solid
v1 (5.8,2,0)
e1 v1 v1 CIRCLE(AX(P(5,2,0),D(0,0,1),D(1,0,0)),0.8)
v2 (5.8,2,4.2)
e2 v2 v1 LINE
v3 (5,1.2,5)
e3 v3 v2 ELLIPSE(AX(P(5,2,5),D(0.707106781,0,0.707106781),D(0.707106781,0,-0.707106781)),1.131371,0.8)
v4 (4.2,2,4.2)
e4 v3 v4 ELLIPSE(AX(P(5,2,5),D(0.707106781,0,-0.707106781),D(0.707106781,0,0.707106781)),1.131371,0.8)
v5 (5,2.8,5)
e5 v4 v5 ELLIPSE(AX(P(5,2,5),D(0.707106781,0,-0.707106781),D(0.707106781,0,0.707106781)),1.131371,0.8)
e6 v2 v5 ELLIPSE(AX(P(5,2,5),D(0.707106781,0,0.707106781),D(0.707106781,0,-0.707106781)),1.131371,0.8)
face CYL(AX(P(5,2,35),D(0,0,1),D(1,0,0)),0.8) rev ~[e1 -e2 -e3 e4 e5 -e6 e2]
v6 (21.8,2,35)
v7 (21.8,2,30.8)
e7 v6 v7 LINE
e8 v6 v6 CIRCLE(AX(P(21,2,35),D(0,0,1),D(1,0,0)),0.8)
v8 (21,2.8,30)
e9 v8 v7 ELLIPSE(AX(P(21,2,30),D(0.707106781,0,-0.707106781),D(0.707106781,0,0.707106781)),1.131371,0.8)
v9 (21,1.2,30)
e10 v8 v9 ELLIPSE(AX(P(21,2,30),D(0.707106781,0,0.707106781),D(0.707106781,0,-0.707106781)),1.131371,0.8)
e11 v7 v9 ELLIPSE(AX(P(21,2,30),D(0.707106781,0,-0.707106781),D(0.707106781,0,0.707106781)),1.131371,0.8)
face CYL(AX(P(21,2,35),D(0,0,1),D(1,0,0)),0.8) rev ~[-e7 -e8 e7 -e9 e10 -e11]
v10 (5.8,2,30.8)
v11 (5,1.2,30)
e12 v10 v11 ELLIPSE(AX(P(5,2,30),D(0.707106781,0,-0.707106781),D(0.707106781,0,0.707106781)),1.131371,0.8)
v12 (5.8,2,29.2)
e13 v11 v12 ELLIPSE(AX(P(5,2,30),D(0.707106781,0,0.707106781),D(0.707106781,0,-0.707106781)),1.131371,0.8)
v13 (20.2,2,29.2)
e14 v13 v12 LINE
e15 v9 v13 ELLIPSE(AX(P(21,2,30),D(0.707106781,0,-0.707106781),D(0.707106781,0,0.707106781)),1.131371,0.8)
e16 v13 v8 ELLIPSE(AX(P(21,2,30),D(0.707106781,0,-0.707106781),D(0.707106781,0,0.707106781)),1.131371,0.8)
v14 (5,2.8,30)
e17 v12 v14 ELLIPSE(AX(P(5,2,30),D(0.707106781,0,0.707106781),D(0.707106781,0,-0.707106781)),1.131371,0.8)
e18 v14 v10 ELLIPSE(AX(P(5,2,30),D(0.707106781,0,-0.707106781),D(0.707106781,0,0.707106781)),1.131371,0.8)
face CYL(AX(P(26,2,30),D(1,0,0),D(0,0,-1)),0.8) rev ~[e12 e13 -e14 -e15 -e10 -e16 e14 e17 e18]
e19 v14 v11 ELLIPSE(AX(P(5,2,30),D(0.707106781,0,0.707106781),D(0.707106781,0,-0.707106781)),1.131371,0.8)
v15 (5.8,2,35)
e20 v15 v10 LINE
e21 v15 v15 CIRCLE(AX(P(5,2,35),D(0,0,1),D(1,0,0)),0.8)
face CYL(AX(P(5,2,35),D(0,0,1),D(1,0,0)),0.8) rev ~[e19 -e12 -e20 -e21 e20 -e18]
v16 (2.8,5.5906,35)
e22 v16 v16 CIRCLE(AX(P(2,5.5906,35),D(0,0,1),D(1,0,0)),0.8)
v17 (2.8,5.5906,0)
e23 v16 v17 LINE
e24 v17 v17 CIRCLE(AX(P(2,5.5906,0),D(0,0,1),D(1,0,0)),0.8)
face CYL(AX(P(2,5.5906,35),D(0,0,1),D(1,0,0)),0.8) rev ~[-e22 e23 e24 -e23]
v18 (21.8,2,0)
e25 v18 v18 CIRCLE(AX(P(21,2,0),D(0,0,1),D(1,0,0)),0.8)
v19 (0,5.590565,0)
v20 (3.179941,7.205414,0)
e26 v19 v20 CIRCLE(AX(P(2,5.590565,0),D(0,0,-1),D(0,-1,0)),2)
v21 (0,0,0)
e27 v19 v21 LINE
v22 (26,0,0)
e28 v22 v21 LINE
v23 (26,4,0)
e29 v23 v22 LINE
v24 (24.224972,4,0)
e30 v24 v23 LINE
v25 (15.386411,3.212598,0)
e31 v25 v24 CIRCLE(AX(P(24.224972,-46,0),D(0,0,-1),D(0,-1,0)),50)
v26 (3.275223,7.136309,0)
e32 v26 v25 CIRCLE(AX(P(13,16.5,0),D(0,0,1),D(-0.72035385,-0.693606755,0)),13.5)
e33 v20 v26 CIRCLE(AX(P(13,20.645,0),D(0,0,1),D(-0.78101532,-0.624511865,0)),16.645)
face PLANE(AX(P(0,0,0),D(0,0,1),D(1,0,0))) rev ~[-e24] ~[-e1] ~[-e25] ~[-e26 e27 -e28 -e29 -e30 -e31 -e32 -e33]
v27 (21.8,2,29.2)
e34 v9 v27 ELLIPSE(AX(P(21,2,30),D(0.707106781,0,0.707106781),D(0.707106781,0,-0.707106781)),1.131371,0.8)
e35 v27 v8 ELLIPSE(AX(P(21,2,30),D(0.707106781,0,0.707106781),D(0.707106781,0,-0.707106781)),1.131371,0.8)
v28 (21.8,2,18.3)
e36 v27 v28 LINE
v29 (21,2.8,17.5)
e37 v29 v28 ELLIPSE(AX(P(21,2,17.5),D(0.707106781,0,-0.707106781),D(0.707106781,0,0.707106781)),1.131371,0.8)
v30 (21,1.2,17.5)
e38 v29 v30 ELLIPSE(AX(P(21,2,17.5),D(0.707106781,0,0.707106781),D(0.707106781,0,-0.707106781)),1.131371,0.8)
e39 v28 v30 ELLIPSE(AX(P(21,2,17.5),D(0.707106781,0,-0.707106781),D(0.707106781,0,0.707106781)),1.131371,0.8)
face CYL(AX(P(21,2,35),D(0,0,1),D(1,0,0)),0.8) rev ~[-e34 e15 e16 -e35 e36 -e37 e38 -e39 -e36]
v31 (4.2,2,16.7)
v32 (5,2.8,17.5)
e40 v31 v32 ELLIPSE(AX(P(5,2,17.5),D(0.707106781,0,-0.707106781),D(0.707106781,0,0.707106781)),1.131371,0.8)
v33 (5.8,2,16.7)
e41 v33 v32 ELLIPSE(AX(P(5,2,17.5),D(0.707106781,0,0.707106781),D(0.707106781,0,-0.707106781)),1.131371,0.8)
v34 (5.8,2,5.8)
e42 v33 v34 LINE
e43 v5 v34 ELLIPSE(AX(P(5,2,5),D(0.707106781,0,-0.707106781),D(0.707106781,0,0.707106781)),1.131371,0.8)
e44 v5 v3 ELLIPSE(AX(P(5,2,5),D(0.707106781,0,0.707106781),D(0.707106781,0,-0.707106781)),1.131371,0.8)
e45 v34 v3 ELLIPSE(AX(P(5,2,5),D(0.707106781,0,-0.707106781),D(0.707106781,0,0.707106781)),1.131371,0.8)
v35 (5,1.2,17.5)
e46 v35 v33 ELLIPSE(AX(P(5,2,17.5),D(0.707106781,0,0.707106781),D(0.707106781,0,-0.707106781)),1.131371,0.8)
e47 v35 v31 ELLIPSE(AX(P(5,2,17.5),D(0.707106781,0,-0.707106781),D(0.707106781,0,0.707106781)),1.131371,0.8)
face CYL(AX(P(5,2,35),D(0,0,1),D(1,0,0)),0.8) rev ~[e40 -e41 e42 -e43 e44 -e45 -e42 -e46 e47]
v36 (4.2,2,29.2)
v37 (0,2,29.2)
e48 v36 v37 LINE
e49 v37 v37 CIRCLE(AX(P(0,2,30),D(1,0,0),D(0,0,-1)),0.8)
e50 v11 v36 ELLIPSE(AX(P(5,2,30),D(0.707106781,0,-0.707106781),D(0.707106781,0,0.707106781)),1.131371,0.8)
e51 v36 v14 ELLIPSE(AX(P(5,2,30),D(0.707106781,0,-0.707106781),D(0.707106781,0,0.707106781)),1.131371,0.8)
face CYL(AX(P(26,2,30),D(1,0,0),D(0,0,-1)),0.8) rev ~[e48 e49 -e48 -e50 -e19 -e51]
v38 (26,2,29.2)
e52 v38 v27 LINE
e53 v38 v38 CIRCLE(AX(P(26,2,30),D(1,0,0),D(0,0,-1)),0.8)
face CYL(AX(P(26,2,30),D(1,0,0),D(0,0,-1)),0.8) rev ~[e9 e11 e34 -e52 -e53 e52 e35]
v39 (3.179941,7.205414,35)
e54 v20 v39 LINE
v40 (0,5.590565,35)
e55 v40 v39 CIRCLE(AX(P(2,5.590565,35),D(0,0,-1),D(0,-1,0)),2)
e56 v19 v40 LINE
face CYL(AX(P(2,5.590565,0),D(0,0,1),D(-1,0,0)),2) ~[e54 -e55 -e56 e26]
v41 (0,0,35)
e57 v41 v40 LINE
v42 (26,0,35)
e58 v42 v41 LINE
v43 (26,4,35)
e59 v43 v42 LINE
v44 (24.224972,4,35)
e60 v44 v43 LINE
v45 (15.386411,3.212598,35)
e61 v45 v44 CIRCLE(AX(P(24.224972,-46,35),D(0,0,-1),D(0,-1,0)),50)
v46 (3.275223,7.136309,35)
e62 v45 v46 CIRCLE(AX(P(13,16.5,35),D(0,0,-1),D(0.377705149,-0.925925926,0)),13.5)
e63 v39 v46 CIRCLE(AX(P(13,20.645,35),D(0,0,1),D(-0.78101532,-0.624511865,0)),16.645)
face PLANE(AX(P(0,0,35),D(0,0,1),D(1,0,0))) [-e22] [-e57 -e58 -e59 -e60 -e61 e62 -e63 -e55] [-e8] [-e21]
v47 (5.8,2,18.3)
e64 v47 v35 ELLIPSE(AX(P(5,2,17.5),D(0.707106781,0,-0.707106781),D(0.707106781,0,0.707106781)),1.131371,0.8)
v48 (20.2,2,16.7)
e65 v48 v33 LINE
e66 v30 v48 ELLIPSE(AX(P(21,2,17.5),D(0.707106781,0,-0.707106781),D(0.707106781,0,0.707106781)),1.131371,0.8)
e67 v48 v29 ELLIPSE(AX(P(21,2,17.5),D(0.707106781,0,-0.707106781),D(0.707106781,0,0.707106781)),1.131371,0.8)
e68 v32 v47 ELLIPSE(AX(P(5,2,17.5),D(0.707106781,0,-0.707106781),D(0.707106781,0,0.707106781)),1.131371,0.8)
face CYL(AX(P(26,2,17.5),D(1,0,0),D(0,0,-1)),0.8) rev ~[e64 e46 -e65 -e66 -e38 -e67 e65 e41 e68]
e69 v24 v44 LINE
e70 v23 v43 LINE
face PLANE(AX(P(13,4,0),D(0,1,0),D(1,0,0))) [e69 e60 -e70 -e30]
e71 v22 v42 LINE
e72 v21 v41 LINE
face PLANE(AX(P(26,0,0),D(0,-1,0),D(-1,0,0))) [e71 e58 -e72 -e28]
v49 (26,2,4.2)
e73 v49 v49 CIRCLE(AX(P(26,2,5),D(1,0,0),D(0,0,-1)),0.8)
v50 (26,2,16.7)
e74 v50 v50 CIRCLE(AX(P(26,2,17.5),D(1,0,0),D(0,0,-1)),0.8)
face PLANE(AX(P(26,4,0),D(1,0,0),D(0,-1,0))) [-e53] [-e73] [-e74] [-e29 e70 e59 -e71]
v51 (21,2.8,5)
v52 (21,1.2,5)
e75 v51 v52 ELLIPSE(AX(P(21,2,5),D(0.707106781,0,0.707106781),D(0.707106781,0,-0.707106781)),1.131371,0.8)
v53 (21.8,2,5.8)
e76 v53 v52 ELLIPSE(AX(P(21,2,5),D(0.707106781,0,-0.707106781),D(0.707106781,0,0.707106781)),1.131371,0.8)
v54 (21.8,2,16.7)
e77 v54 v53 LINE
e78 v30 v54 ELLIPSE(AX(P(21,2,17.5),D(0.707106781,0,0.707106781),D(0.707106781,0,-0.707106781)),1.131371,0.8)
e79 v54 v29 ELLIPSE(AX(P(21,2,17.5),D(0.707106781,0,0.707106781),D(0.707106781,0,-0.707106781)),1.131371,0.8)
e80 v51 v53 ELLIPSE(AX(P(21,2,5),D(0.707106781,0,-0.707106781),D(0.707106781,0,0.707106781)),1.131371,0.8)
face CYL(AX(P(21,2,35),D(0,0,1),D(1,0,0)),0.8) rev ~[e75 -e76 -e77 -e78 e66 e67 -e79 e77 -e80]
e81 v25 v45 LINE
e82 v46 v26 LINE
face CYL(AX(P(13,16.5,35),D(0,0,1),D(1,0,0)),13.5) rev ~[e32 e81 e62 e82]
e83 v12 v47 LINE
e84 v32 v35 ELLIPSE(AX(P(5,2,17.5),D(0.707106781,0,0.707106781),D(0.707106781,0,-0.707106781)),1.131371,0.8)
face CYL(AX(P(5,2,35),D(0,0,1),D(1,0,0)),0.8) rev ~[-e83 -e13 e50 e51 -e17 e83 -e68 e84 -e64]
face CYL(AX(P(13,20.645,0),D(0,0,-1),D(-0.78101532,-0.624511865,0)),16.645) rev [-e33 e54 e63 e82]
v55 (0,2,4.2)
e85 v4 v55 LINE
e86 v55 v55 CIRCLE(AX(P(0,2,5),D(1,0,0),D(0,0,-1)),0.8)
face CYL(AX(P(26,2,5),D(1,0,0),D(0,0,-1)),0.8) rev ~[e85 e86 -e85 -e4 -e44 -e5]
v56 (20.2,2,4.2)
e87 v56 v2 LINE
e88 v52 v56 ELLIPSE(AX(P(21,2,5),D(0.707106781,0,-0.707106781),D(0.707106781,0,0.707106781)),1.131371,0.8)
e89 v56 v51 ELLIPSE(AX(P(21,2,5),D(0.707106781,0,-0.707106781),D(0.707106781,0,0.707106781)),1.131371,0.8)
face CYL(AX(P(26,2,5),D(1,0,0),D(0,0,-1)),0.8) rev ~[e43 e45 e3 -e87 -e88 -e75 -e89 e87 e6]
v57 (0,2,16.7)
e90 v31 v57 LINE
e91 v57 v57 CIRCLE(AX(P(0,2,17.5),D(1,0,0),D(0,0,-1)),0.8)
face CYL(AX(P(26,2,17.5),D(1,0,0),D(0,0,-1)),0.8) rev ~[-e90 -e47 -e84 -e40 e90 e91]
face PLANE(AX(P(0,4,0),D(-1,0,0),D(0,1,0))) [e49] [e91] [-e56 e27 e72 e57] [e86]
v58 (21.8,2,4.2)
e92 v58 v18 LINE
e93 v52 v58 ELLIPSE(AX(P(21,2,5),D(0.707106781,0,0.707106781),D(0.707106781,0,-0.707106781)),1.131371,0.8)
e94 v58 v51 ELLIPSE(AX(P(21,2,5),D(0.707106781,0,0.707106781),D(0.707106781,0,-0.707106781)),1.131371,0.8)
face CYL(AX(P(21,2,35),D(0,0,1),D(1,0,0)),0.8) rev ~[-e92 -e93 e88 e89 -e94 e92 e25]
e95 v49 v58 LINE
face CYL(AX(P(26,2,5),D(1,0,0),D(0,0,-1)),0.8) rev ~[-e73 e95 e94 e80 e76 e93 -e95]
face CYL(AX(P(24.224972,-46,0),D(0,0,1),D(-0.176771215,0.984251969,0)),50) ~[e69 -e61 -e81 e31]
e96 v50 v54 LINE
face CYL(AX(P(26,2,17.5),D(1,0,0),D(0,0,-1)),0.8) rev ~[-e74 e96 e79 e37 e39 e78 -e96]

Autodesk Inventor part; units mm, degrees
ref_plane "YZ Plane" through (0, 0, 0) normal (1, 0, 0) x (0, 1, 0)
ref_plane "XZ Plane" through (0, 0, 0) normal (0, 1, 0) x (-1, 0, 0)
ref_plane "XY Plane" through (0, 0, 0) normal (0, 0, 1) x (1, 0, 0)
sketch "スケッチ1" plane through (0, 0, 0) normal (0, 0, 1) x (1, 0, 0)
  line L0 (0, 16.5) -> (26, 16.5)
  line L1 (26, 16.5) -> (26, 0)
  line L2 (26, 0) -> (0, 0)
  line L3 (0, 0) -> (0, 16.5)
  circle A0 centre (13, 16.5) radius 12.5
  line L4 (13, 4) -> (26, 4)
  arc A1 (0, 10.25) -> (13, 4) centre (13, 20.645) ccw
  line L5 (13, 4) -> (0, 4)
  point P0 (25.5, 16.5)
  point P1 (0.5, 16.5)
  dimension "d0" = 25
  dimension "d1" = 26
  dimension "d2" = 16.5
  dimension "d8" = 6.25
  dimension "d9" = 6.25
extrude "押し出し1" add sketch "スケッチ1" along normal blind 35 contours L5 L3 A1 | L4 L1 L2 L3 L5
fillet "フィレット4" radius 2 1 edges at (0, 10.25, 17.5)
sketch "スケッチ2" plane through (26, 0, 0) normal (1, 0, 0) x (0, 0, -1)
  circle A0 centre (-30, 2) radius 0.8
  circle A1 centre (-5, 2) radius 0.8
  line L0 (0, 0) -> (-35, 0) projected
  line L1 (-35, 0) -> (-35, 4) projected
  line L2 (0, 0) -> (0, 4) projected
  circle A2 centre (-17.5, 2) radius 0.8
  dimension "d11" = 1.6
  dimension "d12" = 1.6
  dimension "d13" = 2
  dimension "d14" = 5
  dimension "d15" = 5
  dimension "d26" = 12.5
  dimension "d27" = 12.5
extrude "押し出し2" cut sketch "スケッチ2" against normal through all
sketch "スケッチ3" plane through (0, 0, 35) normal (0, 0, 1) x (1, 0, 0)
  circle A0 centre (2, 5.5906) radius 0.8
  circle A1 centre (5, 2) radius 0.8
  circle A2 centre (21, 2) radius 0.8
  line L0 (0, 0) -> (26, 0) projected
  line L1 (26, 0) -> (26, 4) projected
  line L2 (0, 5.5906) -> (0, 0) projected
  arc A3 (3.1799, 7.2054) -> (0, 5.5906) centre (2, 5.5906) ccw projected
  dimension "d18" = 1.6
  dimension "d19" = 1.6
  dimension "d20" = 1.6
  dimension "d21" = 2
  dimension "d22" = 5
  dimension "d23" = 5
extrude "押し出し3" cut sketch "スケッチ3" against normal through all
sketch "スケッチ4" plane through (0, 0, 35) normal (0, 0, 1) x (1, 0, 0)
  arc A0 (3.1799, 7.2054) -> (13, 4) centre (13, 20.645) ccw projected
  circle A1 centre (13, 16.5) radius 12.5 construction
  line L0 (13, 16.5) -> (13, 4) construction
  circle A2 centre (13, 16.5) radius 13.5
  point P0 (0, 0)
  dimension "d30" = 25
  dimension "d31" = 27
extrude "押し出し4" cut sketch "スケッチ4" against normal through all
fillet "フィレット5" radius 50 1 edges at (18.099, 4, 17.5)
equation "\"d8\" = d9"
equation "\"d26\" = d27"
properties part number "hipjoint_toleg_middle"
